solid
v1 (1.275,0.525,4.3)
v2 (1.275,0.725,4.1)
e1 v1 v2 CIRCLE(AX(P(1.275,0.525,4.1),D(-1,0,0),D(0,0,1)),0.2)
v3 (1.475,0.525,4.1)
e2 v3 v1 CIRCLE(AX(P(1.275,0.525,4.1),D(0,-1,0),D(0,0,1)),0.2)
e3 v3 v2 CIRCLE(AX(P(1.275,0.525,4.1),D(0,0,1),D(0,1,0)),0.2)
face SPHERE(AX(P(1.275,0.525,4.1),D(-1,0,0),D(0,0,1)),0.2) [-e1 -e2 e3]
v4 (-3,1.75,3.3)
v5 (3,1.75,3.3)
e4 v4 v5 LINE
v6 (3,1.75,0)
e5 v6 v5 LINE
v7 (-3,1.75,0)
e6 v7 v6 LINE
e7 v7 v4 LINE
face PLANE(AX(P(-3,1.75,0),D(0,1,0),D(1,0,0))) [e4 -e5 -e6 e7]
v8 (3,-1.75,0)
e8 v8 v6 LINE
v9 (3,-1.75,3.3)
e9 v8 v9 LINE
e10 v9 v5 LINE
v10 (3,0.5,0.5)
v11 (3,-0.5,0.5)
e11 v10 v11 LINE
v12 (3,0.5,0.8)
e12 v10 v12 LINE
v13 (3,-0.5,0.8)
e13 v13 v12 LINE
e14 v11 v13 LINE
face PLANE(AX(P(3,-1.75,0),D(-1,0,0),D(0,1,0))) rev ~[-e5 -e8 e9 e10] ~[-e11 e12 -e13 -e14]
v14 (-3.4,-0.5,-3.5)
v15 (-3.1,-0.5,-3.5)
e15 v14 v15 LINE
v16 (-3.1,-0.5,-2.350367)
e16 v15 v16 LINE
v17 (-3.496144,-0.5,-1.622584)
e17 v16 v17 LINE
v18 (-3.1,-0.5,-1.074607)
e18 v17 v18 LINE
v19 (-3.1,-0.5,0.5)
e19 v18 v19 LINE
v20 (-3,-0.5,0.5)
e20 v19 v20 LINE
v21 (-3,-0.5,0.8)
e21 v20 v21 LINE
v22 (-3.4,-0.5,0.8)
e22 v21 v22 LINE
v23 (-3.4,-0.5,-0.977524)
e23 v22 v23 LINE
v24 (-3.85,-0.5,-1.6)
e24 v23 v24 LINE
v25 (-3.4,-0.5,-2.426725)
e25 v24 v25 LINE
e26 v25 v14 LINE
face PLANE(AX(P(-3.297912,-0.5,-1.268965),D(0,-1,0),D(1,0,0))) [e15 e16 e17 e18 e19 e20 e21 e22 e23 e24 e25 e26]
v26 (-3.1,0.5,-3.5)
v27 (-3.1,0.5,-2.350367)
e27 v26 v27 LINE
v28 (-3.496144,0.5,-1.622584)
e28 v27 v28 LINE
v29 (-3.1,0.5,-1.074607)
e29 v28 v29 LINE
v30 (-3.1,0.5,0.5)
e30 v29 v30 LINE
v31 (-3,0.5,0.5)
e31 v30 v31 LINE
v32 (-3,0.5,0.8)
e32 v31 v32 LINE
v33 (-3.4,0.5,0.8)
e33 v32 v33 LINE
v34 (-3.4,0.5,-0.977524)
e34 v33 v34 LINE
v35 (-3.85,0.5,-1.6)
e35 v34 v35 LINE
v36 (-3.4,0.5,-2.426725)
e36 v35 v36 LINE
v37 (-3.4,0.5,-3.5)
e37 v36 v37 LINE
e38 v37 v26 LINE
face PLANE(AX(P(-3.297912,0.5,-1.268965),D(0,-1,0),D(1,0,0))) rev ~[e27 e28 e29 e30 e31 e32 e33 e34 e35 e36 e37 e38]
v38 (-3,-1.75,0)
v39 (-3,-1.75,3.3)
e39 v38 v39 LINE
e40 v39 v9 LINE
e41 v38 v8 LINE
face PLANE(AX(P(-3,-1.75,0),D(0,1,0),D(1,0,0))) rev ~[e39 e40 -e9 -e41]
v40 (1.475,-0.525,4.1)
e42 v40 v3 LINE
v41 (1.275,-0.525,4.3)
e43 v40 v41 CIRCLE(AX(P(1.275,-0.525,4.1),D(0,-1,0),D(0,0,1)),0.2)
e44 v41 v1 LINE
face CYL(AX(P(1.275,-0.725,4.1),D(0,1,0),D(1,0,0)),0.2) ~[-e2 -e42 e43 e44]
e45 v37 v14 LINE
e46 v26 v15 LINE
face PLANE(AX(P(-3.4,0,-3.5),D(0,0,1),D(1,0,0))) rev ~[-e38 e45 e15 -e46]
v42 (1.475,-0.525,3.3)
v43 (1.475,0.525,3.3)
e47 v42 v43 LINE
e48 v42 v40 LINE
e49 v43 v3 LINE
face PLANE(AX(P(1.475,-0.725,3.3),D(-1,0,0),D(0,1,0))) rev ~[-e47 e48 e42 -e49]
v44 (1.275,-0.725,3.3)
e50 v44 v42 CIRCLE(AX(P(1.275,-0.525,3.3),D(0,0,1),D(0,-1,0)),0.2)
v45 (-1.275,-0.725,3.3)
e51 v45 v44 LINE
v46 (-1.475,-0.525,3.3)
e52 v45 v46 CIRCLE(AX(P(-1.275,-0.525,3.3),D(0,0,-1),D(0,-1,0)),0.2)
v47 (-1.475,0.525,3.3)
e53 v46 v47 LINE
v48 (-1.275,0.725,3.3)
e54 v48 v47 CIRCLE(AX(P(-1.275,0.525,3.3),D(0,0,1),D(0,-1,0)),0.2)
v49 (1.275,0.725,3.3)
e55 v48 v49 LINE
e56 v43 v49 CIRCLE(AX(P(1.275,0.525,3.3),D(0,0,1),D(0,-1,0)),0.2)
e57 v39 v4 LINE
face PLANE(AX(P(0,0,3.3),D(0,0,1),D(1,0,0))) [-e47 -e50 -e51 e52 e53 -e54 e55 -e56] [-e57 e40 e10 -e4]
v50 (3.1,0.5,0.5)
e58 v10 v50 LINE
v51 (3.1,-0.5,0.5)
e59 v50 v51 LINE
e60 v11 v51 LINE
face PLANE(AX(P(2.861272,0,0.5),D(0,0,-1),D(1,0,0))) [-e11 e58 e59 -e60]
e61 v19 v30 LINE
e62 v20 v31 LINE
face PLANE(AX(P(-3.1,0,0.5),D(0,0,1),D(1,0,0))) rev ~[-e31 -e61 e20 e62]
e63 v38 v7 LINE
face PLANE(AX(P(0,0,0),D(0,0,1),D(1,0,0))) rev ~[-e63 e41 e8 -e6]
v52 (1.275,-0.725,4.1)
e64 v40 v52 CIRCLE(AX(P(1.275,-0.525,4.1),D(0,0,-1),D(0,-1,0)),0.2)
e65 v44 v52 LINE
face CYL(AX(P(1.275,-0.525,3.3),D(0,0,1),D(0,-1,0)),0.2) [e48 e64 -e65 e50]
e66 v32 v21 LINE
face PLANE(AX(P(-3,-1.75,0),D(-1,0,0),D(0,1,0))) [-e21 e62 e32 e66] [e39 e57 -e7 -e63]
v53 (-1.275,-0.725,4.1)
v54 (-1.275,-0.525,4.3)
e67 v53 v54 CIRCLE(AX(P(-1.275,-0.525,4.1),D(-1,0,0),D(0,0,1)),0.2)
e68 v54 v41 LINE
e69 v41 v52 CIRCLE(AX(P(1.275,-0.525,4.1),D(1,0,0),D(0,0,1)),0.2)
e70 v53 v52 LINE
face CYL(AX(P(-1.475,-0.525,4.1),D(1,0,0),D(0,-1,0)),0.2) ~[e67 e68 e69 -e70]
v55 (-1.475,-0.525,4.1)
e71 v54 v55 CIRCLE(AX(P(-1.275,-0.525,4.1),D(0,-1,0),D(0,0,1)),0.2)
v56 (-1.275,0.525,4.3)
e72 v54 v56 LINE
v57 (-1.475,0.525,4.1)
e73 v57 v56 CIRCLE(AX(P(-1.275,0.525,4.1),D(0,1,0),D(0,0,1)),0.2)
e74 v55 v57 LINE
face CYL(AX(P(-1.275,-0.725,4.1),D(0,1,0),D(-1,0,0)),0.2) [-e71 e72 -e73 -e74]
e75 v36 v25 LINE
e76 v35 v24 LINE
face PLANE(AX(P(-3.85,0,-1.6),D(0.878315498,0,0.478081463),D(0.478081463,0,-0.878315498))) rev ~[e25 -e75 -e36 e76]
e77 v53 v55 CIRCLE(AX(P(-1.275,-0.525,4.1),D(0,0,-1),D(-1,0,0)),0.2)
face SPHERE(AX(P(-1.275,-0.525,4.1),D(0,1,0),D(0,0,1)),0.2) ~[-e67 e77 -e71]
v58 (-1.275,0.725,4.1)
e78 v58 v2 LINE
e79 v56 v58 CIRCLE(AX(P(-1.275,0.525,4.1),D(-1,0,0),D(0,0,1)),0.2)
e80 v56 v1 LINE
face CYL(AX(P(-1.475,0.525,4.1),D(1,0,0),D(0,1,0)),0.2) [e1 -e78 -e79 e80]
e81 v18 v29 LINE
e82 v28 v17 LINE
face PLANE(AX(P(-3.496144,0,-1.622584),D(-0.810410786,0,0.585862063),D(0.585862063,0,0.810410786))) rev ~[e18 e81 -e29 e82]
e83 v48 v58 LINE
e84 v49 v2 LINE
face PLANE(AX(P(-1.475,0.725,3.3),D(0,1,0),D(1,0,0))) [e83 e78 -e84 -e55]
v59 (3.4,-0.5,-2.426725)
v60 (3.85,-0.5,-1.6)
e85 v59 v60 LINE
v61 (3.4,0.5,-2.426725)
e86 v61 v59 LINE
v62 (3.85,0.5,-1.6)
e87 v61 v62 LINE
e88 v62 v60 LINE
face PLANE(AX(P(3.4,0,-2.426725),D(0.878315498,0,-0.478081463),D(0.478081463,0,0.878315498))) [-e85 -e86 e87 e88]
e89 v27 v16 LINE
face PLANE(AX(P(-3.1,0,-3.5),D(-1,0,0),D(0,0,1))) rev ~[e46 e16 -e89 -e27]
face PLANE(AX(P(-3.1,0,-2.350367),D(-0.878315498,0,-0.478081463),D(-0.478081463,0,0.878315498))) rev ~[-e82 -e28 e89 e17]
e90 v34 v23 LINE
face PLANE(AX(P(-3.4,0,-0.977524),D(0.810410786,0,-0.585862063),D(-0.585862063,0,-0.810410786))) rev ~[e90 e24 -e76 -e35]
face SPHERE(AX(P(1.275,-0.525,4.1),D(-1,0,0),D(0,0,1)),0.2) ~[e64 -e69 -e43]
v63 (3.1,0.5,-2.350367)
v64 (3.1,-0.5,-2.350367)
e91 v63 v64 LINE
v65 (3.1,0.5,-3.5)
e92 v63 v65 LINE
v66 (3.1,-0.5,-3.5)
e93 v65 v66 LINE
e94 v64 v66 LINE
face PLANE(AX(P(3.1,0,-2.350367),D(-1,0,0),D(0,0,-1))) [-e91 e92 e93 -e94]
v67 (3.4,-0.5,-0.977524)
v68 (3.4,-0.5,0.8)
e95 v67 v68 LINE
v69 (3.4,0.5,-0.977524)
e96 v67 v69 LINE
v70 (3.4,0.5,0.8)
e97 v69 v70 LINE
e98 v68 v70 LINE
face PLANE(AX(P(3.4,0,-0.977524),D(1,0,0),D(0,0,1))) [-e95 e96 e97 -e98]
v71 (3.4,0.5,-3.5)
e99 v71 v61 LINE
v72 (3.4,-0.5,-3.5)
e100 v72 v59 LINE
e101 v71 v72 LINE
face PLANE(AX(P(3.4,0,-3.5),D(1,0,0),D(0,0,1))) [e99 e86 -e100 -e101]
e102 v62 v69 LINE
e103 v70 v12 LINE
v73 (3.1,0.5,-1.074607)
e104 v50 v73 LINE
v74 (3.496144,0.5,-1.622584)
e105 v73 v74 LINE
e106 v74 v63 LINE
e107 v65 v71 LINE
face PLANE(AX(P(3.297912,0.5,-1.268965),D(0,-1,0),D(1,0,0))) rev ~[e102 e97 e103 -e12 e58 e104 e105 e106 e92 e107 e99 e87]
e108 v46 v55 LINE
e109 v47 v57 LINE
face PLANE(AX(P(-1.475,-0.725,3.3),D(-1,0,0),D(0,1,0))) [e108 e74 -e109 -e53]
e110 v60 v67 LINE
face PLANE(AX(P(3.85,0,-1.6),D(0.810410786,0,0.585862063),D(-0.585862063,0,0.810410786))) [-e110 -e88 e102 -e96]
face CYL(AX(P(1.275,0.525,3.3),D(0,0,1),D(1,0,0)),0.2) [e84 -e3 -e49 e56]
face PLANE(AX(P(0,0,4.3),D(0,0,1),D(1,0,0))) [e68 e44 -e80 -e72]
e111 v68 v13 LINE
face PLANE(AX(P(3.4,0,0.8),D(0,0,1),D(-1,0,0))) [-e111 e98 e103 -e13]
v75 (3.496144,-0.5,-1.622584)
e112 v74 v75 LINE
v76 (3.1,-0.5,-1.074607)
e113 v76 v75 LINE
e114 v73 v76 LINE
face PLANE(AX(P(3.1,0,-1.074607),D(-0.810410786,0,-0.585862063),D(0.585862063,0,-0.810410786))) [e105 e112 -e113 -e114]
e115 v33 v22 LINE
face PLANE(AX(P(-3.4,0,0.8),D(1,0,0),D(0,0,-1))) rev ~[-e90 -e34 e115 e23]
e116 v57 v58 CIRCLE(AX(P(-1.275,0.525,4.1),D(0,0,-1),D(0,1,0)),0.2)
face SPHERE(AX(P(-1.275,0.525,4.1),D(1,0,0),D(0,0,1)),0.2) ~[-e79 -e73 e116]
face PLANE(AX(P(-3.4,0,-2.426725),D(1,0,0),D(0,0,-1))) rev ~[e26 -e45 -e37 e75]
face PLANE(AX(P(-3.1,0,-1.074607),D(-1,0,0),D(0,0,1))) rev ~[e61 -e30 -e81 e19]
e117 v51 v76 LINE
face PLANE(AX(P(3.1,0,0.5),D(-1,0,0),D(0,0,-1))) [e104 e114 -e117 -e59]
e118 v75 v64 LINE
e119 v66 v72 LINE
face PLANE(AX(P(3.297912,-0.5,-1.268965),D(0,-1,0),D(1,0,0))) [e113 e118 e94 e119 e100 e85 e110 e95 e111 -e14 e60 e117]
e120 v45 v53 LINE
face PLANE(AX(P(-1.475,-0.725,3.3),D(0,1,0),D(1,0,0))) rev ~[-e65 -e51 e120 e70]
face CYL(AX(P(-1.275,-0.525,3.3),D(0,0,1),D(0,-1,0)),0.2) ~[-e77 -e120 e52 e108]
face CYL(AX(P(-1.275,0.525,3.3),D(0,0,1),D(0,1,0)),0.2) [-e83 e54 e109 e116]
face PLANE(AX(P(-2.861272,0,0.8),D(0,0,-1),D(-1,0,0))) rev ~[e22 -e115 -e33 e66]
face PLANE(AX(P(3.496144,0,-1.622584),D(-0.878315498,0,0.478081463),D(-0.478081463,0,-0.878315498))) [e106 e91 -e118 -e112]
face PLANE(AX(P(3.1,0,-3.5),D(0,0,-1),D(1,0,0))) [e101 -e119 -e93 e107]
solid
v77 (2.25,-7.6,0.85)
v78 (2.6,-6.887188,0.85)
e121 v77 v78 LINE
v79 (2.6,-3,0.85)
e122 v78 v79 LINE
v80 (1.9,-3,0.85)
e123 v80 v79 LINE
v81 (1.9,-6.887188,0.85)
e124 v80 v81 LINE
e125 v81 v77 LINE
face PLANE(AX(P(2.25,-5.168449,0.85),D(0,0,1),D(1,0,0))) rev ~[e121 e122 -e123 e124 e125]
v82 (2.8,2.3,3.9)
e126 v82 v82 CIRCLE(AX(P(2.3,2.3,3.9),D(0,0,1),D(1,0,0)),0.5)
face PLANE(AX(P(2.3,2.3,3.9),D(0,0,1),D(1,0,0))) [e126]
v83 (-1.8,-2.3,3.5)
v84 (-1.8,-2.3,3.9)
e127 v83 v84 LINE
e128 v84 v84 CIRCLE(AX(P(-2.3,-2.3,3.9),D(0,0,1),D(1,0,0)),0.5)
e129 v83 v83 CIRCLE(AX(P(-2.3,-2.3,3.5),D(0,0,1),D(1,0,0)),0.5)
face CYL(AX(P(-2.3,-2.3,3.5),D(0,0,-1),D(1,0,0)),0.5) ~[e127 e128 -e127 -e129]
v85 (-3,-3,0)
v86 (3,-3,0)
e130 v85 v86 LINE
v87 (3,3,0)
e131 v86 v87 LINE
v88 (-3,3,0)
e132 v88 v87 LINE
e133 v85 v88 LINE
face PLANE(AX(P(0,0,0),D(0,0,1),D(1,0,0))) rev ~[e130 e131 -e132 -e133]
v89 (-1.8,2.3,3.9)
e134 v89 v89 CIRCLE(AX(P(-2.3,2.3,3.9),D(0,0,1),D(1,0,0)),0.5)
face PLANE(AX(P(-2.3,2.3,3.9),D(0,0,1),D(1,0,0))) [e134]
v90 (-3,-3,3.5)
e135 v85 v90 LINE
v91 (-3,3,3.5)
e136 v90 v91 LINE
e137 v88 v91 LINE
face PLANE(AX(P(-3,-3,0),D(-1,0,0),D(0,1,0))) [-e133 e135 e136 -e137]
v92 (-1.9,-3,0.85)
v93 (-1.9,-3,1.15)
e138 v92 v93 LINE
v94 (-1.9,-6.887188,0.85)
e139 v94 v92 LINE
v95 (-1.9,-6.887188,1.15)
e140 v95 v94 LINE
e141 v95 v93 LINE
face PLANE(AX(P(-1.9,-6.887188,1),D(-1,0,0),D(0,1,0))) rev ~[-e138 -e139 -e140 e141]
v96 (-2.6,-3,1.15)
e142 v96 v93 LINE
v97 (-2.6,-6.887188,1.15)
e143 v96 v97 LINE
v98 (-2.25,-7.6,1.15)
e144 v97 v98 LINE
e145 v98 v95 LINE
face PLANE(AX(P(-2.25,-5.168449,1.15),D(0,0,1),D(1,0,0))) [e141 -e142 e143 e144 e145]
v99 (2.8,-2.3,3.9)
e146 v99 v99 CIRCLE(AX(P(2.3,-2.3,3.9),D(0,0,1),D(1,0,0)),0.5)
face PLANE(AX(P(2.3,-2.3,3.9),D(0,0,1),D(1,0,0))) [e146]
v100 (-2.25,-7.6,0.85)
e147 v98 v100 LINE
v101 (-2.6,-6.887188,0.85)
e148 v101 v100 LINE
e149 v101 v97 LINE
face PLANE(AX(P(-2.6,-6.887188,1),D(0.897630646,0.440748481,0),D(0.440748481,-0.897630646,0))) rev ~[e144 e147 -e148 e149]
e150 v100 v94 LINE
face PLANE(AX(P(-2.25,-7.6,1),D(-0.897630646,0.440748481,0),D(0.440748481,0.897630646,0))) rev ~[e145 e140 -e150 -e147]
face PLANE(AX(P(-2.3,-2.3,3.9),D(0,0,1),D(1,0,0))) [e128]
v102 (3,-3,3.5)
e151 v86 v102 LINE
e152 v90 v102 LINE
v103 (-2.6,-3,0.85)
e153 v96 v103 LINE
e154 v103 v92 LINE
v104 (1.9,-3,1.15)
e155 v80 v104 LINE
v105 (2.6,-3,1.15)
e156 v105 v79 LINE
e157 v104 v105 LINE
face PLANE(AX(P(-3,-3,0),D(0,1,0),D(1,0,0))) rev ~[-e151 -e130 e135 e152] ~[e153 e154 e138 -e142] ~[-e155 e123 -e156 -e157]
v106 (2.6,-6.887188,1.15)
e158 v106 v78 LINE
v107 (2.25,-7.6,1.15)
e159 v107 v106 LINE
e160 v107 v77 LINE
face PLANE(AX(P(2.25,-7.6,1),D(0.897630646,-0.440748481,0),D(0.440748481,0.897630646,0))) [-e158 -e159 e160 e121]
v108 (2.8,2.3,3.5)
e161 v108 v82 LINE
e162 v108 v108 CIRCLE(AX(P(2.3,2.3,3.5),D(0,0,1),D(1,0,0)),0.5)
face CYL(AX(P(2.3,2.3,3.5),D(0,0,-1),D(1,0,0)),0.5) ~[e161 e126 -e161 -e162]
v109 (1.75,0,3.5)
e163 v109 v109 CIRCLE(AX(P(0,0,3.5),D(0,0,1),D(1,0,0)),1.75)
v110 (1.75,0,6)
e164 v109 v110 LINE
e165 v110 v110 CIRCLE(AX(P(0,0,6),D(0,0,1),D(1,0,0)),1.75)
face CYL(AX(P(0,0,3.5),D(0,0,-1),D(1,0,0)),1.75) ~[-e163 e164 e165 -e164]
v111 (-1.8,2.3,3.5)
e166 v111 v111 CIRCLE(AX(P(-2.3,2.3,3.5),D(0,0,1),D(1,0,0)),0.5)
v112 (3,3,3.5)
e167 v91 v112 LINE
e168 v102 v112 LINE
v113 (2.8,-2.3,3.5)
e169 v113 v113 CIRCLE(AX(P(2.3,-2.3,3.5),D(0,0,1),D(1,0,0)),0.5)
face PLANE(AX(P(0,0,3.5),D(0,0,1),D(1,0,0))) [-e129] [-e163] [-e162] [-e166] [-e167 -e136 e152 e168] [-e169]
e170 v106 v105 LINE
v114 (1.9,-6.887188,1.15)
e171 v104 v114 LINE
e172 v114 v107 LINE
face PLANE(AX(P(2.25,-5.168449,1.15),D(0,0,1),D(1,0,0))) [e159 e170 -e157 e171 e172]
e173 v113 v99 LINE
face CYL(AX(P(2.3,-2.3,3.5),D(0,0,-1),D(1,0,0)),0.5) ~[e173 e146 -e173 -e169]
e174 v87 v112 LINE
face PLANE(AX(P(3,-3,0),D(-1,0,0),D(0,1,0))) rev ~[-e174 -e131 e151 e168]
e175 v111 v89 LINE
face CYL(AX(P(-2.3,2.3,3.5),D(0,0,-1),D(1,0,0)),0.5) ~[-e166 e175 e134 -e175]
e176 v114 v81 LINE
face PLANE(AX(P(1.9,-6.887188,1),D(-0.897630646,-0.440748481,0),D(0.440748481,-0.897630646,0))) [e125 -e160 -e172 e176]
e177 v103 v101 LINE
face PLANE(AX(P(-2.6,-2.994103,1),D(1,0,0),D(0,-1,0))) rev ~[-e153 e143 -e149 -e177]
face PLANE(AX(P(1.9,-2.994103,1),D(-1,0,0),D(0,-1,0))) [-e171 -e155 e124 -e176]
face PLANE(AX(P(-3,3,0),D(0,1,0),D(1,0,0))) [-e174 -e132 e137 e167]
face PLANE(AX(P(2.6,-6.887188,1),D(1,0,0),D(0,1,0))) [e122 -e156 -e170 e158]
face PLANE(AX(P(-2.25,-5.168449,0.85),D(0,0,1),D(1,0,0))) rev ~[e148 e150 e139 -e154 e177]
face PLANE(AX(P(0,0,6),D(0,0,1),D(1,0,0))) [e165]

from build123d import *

# Parameters (mm, degrees)
F0_W      = 6
F0_H      = 3.5
F1_DEPTH  = 3.3
F2_W      = 2.95
F2_H      = 1.45
F3_DEPTH  = 1
F5_DEPTH  = 0.5
F6_R      = 0.2
F7_W      = 6
F7_H      = 6
F8_DEPTH  = 3.5
F9_R      = 1.75
F10_DEPTH = 2.5
F11_R     = 0.5
F12_DEPTH = 0.4
F15_DEPTH = 0.15


with BuildPart() as f1:
    # F0 (on Top) → F1 (new body)
    with BuildSketch(Plane.XY):
        Rectangle(F0_W, F0_H)
    extrude(amount=F1_DEPTH)

    # F2 (on face) → F3 (join)
    with BuildSketch(Plane.XY.offset(3.3)):
        Rectangle(F2_W, F2_H)
    extrude(amount=F3_DEPTH)

    # F4 (on Front) → F5 (join, symmetric)
    with BuildSketch(Plane.XZ):
        Polygon((-2.8612716207, 0.5), (-2.8612716207, 0.8), (-3.4, 0.8), (-3.4, -0.9775243754), (-3.85, -1.6), (-3.4, -2.4267251601), (-3.4, -3.5), (-3.1, -3.5), (-3.1, -2.3503671472), (-3.4961440499, -1.6225843626), (-3.1, -1.0746065516), (-3.1, 0.5), align=None)
        Polygon((2.8612716207, 0.8), (2.8612716207, 0.5), (3.1, 0.5), (3.1, -1.0746065516), (3.4961440499, -1.6225843626), (3.1, -2.3503671472), (3.1, -3.5), (3.4, -3.5), (3.4, -2.4267251601), (3.85, -1.6), (3.4, -0.9775243754), (3.4, 0.8), align=None)
    extrude(amount=F5_DEPTH, both=True)

    # F6
    f6_edges = [f1.edges().sort_by_distance(p)[0] for p in [
        (0, 0.725, 4.3),
        (-1.475, 0, 4.3),
        (0, -0.725, 4.3),
        (1.475, 0, 4.3),
        (-1.475, -0.725, 3.8),
        (1.475, -0.725, 3.8),
        (1.475, 0.725, 3.8),
        (-1.475, 0.725, 3.8),
    ]]
    fillet(f6_edges, radius=F6_R)


with BuildPart() as f8:
    # F7 (on Top) → F8 (new body)
    with BuildSketch(Plane.XY):
        Rectangle(F7_W, F7_H)
    extrude(amount=F8_DEPTH)

    # F9 (on face) → F10 (join)
    with BuildSketch(Plane.XY.offset(3.5)):
        Circle(F9_R)
    extrude(amount=F10_DEPTH)

    # F11 (on face) → F12 (join)
    with BuildSketch(Plane.XY.offset(3.5)):
        with Locations((-2.3, 2.3)):
            Circle(F11_R)
        with Locations((-2.3, -2.3)):
            Circle(F11_R)
        with Locations((2.3, 2.3)):
            Circle(F11_R)
        with Locations((2.3, -2.3)):
            Circle(F11_R)
    extrude(amount=F12_DEPTH)

    # F14 (on offset) → F15 (join, symmetric)
    with BuildSketch(Plane.XY.offset(1)):
        Polygon((-1.9, -2.9941034311), (-2.6, -2.9941034311), (-2.6, -6.8871881813), (-2.25, -7.6), (-1.9, -6.8871881813), align=None)
        Polygon((2.6, -6.8871881813), (2.6, -2.9941034311), (1.9, -2.9941034311), (1.9, -6.8871881813), (2.25, -7.6), align=None)
    extrude(amount=F15_DEPTH, both=True)


solid = Compound([f1.part, f8.part])
